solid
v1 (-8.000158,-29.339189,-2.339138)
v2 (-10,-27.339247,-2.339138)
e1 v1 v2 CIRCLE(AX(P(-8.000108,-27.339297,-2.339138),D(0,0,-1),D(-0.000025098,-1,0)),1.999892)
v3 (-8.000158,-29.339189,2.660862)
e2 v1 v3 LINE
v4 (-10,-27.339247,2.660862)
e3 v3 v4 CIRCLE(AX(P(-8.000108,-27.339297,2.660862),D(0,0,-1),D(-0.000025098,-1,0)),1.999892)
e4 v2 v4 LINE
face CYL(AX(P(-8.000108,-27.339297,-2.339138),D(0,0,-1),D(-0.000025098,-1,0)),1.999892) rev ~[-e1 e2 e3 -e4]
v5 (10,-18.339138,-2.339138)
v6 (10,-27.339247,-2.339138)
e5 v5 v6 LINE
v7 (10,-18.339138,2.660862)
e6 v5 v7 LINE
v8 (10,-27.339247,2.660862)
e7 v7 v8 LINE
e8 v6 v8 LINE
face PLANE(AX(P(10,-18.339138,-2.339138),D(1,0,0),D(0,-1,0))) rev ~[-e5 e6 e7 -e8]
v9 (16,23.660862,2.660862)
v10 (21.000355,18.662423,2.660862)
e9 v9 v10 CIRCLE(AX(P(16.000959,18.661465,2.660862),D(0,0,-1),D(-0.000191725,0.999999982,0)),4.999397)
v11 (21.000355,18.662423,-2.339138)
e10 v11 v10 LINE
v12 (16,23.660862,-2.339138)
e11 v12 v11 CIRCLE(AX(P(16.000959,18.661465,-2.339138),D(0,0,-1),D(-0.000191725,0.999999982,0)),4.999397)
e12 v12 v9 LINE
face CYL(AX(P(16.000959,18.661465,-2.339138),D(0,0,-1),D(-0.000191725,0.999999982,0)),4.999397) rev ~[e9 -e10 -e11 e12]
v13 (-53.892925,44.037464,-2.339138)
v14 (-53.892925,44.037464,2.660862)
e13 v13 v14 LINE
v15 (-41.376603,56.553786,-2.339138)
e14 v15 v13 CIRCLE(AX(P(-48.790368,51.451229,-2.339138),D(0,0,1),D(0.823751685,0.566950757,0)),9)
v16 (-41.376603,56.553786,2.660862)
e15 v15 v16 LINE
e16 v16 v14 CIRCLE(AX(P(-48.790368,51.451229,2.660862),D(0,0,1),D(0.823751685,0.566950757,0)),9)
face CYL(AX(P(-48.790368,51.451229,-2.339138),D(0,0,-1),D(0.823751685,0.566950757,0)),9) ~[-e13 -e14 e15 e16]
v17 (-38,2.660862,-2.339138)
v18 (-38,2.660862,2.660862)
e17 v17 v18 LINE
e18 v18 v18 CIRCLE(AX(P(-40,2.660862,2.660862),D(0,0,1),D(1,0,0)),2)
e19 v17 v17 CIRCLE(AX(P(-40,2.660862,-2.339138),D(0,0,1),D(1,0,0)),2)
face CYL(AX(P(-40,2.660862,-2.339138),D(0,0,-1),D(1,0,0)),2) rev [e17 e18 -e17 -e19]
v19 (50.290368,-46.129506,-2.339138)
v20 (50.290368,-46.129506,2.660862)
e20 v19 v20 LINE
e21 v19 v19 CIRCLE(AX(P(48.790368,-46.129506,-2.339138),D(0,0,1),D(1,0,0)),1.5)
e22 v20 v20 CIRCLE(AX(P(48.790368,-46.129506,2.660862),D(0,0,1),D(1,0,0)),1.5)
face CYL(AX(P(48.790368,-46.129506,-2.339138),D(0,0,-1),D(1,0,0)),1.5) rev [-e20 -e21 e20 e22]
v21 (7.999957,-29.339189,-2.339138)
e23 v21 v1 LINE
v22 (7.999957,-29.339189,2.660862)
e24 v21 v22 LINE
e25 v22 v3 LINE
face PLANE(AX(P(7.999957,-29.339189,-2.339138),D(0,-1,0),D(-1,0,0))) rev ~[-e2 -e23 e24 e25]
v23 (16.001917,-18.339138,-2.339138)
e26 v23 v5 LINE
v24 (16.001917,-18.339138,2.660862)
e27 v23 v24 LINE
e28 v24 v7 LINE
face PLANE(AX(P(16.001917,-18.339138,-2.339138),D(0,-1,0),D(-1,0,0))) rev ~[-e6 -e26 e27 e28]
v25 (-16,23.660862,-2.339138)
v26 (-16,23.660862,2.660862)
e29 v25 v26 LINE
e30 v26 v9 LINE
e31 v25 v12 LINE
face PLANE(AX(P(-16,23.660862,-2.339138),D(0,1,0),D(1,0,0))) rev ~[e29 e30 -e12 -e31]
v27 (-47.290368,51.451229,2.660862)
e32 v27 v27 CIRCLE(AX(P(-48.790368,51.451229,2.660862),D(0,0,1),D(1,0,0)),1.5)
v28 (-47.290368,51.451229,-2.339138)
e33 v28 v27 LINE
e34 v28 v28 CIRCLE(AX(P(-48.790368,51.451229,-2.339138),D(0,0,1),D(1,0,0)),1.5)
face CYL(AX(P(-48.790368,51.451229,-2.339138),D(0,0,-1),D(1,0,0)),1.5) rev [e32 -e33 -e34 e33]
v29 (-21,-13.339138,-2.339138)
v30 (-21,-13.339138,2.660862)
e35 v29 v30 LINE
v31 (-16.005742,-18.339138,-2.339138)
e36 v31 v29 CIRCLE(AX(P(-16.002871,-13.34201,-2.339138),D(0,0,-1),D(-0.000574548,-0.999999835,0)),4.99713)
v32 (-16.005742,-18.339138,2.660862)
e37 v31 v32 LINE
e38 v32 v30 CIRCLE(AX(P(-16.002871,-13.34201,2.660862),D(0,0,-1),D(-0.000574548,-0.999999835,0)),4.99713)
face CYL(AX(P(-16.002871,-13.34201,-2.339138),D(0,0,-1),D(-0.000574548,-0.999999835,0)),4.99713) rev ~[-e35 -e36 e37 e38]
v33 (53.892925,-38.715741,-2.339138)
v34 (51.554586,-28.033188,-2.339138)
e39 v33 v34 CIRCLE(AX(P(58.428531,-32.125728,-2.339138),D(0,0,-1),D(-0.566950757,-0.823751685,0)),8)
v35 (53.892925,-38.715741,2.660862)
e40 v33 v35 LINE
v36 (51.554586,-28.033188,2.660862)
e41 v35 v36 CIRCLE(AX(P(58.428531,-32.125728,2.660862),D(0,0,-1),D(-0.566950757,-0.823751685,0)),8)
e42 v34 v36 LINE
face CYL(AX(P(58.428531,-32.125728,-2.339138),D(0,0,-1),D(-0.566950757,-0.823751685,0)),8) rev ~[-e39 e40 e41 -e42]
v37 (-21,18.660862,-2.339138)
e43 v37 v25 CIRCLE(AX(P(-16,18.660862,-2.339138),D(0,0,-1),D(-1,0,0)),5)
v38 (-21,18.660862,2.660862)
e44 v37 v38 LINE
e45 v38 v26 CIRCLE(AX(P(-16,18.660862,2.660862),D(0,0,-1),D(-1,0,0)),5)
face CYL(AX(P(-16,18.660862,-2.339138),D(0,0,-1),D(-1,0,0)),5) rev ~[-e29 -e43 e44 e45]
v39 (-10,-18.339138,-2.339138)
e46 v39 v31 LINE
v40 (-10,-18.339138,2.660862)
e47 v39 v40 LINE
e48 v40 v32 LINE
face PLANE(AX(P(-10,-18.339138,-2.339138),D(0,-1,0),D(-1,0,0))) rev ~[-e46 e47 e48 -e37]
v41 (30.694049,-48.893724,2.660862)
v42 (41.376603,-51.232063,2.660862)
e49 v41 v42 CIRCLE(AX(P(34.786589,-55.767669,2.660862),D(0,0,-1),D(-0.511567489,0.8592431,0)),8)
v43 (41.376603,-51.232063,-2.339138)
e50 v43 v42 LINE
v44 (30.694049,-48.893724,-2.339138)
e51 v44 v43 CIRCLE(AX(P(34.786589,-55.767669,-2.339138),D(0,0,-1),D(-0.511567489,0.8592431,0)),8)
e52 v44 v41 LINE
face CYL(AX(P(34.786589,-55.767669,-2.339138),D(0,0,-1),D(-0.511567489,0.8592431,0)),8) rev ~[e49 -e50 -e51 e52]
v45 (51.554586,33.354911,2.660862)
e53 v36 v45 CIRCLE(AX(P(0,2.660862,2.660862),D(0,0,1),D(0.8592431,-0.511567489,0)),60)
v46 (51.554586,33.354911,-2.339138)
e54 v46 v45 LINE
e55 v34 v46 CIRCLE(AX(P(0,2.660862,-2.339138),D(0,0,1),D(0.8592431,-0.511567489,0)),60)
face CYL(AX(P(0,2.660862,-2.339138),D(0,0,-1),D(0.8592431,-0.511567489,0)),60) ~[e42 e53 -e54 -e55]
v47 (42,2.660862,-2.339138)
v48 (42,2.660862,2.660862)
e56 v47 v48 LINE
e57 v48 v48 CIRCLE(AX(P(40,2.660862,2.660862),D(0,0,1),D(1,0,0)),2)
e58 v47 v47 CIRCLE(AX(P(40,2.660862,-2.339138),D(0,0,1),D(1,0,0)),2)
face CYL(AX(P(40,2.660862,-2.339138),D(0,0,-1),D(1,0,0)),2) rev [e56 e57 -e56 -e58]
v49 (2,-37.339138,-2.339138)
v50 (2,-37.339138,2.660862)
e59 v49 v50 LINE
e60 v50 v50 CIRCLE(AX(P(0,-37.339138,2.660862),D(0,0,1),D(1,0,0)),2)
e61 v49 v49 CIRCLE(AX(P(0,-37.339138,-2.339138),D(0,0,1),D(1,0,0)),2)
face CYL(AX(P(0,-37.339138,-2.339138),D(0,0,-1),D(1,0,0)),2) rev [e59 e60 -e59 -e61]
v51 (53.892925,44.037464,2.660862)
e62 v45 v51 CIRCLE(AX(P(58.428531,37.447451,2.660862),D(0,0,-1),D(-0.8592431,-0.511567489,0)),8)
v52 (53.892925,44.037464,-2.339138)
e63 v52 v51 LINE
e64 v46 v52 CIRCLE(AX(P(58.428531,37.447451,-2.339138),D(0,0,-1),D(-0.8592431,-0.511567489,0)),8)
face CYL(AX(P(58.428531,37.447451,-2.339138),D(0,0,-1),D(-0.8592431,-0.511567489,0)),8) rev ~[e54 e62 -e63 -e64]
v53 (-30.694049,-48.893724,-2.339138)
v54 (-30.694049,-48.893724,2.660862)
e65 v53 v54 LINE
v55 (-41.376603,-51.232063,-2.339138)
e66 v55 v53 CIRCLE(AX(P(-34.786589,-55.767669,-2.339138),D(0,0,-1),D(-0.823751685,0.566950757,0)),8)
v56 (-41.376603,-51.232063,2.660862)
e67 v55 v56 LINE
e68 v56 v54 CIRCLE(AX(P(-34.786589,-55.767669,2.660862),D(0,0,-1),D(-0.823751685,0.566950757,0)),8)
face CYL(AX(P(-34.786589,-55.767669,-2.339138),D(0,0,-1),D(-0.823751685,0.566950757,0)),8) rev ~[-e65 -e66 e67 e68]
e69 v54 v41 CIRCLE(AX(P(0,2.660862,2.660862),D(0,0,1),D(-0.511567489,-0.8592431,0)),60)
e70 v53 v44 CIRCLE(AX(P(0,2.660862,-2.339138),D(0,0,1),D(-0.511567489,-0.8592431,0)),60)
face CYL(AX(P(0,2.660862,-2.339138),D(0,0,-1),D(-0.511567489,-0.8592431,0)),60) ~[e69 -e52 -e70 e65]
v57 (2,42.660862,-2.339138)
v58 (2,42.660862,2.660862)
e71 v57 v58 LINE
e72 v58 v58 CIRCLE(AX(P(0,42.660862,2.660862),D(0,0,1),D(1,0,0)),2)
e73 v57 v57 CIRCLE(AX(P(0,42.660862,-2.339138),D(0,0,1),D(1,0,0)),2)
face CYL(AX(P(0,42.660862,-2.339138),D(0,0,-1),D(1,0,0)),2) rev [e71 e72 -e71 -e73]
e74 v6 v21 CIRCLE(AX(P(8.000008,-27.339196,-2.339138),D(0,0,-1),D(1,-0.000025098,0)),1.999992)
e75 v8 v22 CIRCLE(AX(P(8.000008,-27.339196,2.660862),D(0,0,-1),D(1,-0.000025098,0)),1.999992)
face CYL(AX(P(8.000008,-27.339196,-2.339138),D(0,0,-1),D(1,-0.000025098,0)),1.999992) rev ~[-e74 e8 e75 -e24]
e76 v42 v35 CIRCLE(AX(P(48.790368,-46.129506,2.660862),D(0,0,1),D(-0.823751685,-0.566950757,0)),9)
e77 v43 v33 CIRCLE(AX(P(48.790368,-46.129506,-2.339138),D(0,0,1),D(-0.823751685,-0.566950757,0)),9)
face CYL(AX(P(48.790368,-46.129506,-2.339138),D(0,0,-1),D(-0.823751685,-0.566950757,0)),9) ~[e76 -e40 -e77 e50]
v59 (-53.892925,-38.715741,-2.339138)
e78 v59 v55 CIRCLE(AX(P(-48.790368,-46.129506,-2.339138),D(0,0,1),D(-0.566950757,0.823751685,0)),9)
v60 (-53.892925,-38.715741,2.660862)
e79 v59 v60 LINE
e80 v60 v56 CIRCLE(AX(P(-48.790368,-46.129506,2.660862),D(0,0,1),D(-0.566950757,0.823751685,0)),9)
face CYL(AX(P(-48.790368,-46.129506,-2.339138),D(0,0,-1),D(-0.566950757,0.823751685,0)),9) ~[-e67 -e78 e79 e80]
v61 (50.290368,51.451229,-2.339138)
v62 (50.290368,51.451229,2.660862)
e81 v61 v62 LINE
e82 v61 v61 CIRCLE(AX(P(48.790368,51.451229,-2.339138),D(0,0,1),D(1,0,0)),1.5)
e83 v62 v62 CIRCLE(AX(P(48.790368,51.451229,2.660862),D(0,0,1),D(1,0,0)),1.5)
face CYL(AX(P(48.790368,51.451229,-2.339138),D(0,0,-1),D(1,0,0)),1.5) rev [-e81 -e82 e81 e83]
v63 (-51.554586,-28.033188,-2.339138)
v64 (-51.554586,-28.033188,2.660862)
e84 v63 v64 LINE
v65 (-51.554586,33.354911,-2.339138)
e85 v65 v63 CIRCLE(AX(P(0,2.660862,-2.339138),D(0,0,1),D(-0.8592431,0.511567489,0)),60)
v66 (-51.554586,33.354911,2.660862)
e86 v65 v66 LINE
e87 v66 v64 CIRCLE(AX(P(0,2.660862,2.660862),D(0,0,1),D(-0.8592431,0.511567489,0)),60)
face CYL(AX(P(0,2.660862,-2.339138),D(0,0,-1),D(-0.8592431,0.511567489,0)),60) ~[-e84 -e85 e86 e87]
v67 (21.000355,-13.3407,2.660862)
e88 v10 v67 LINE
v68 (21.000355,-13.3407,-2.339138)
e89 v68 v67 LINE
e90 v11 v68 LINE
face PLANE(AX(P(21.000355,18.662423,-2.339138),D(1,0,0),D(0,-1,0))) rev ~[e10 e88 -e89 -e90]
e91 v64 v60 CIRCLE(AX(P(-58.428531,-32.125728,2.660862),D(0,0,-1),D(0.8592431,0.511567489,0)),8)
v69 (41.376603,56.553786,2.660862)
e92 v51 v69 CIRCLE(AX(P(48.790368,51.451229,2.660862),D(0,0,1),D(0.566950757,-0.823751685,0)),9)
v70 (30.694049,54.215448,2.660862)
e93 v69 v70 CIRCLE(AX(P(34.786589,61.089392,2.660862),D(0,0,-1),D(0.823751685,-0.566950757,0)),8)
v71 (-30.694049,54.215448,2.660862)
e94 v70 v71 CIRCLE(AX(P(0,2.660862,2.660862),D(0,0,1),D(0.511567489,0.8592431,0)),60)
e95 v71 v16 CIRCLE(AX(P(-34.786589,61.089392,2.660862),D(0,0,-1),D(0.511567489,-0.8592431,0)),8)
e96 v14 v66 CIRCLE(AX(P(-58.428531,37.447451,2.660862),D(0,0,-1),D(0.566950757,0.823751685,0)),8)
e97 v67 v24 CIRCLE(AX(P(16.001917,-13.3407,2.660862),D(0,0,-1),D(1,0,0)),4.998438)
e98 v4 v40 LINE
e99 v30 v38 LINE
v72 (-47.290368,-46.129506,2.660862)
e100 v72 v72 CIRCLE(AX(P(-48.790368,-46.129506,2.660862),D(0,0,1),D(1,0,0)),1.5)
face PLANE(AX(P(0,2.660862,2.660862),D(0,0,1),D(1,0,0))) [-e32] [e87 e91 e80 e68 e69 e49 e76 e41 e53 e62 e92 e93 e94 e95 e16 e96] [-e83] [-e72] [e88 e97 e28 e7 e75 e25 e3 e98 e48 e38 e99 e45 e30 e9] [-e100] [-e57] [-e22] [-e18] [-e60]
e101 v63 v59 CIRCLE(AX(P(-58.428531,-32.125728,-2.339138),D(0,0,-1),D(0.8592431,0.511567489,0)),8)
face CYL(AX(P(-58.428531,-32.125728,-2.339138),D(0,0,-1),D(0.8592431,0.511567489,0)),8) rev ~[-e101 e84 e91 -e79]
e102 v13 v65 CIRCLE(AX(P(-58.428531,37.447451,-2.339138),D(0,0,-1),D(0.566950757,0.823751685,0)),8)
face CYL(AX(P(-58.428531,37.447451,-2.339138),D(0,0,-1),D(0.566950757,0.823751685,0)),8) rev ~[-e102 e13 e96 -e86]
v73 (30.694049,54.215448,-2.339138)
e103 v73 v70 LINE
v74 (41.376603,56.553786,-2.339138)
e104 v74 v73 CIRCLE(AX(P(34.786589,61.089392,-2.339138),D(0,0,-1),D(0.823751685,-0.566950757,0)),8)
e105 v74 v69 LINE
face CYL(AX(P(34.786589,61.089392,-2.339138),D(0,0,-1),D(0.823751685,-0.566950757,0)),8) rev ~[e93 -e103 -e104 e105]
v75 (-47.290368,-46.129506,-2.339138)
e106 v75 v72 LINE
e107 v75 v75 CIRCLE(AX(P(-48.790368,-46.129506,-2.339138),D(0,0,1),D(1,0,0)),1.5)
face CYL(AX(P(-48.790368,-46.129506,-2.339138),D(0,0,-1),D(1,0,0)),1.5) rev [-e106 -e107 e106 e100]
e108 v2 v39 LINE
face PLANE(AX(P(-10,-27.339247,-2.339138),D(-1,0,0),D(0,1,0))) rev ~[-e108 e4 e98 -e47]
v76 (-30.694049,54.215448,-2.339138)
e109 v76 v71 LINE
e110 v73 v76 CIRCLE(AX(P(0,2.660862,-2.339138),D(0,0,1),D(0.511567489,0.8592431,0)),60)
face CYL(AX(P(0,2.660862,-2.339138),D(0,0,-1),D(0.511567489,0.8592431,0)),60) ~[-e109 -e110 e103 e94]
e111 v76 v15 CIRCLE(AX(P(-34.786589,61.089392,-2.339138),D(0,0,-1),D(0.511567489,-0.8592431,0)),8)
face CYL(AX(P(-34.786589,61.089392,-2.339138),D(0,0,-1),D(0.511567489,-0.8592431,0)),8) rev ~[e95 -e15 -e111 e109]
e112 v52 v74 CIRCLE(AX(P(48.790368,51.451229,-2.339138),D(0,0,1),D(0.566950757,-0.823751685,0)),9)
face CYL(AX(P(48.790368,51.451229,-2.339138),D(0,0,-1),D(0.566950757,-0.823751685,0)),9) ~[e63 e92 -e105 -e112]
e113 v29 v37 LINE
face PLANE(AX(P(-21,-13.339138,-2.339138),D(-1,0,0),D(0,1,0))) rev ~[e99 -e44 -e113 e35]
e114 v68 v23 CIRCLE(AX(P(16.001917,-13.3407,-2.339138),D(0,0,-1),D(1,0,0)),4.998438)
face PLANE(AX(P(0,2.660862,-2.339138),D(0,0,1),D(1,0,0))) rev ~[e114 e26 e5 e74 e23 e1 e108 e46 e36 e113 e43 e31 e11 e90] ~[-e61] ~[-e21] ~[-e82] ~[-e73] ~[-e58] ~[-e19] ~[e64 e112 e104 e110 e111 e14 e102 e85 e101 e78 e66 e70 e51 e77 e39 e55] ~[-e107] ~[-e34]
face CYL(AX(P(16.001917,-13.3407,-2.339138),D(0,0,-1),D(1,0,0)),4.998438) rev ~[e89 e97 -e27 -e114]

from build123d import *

# Parameters (mm, degrees)
SKETCH1_R             = 1.5
SKETCH1_R_2           = 2
BOSS_EXTRUDE1_DEPTH   = 5
BODY_MOVE_COPY1_ANGLE = 90


with BuildPart() as part:
    # Sketch1 → Boss-Extrude1 (new body)
    with BuildSketch(Plane(origin=(0, 0, 0), x_dir=(1, 0, 0), z_dir=(0, 1, 0))):
        with BuildLine():
            ThreePointArc((41.376602734, 53.892924716), (36.497232574, 50.613564399), (30.69404934, 51.554585976))
            ThreePointArc((30.69404934, 51.554585976), (0, 60), (-30.69404934, 51.554585976))
            ThreePointArc((-30.69404934, 51.554585976), (-36.497232574, 50.613564399), (-41.376602734, 53.892924716))
            ThreePointArc((-41.376602734, 53.892924716), (-55.154328933, 55.154328933), (-53.892924716, 41.376602734))
            ThreePointArc((-53.892924716, 41.376602734), (-50.613564399, 36.497232574), (-51.554585976, 30.69404934))
            ThreePointArc((-51.554585976, 30.69404934), (-60, 0), (-51.554585976, -30.69404934))
            ThreePointArc((-51.554585976, -30.69404934), (-50.613564399, -36.497232574), (-53.892924716, -41.376602734))
            ThreePointArc((-53.892924716, -41.376602734), (-55.154328933, -55.154328933), (-41.376602734, -53.892924716))
            ThreePointArc((-41.376602734, -53.892924716), (-36.497232574, -50.613564399), (-30.69404934, -51.554585976))
            ThreePointArc((-30.69404934, -51.554585976), (0, -60), (30.69404934, -51.554585976))
            ThreePointArc((30.69404934, -51.554585976), (36.497232574, -50.613564399), (41.376602734, -53.892924716))
            ThreePointArc((41.376602734, -53.892924716), (55.154328933, -55.154328933), (53.892924716, -41.376602734))
            ThreePointArc((53.892924716, -41.376602734), (50.613564399, -36.497232574), (51.554585976, -30.69404934))
            ThreePointArc((51.554585976, -30.69404934), (60, 0), (51.554585976, 30.69404934))
            ThreePointArc((51.554585976, 30.69404934), (50.613564399, 36.497232574), (53.892924716, 41.376602734))
            ThreePointArc((53.892924716, 41.376602734), (55.154328933, 55.154328933), (41.376602734, 53.892924716))
        make_face()
        with Locations((-48.790367902, -48.790367902)):
            Circle(SKETCH1_R, mode=Mode.SUBTRACT)
        with Locations((0, -40)):
            Circle(SKETCH1_R_2, mode=Mode.SUBTRACT)
        with Locations((48.790367902, -48.790367902)):
            Circle(SKETCH1_R, mode=Mode.SUBTRACT)
        with BuildLine():
            Line((16.001917019, -21), (10, -21))
            Line((10, -21), (10, -30.000108076))
            ThreePointArc((10, -30.000108076), (9.414180319, -31.414301502), (7.999957489, -32.000050194))
            Line((7.999957489, -32.000050194), (-8.000158272, -32.000050194))
            ThreePointArc((-8.000158272, -32.000050194), (-9.414280711, -31.414259919), (-10, -30.000108076))
            Line((-10, -30.000108076), (-10, -21))
            Line((-10, -21), (-16.005742178, -21))
            ThreePointArc((-16.005742178, -21), (-19.538404995, -19.534344662), (-21, -16))
            Line((-21, -16), (-21, 16))
            ThreePointArc((-21, 16), (-19.535533906, 19.535533906), (-16, 21))
            Line((-16, 21), (16, 21))
            ThreePointArc((16, 21), (19.535388079, 19.536388365), (21.000355251, 16.001561768))
            Line((21.000355251, 16.001561768), (21.000355251, -16.001561768))
            ThreePointArc((21.000355251, -16.001561768), (19.536346588, -19.535991337), (16.001917019, -21))
        make_face(mode=Mode.SUBTRACT)
        with Locations((40, 0)):
            Circle(SKETCH1_R_2, mode=Mode.SUBTRACT)
        with Locations((-40, 0)):
            Circle(SKETCH1_R_2, mode=Mode.SUBTRACT)
        with Locations((-48.790367902, 48.790367902)):
            Circle(SKETCH1_R, mode=Mode.SUBTRACT)
        with Locations((0, 40)):
            Circle(SKETCH1_R_2, mode=Mode.SUBTRACT)
        with Locations((48.790367902, 48.790367902)):
            Circle(SKETCH1_R, mode=Mode.SUBTRACT)
    extrude(amount=BOSS_EXTRUDE1_DEPTH)


with BuildPart() as part_1:
    # Body-Move/Copy1: moved
    add(part.part.rotate(Axis((0, 2.5, 0.160861545), (1, 0, 0)), BODY_MOVE_COPY1_ANGLE))


solid = part_1.part
